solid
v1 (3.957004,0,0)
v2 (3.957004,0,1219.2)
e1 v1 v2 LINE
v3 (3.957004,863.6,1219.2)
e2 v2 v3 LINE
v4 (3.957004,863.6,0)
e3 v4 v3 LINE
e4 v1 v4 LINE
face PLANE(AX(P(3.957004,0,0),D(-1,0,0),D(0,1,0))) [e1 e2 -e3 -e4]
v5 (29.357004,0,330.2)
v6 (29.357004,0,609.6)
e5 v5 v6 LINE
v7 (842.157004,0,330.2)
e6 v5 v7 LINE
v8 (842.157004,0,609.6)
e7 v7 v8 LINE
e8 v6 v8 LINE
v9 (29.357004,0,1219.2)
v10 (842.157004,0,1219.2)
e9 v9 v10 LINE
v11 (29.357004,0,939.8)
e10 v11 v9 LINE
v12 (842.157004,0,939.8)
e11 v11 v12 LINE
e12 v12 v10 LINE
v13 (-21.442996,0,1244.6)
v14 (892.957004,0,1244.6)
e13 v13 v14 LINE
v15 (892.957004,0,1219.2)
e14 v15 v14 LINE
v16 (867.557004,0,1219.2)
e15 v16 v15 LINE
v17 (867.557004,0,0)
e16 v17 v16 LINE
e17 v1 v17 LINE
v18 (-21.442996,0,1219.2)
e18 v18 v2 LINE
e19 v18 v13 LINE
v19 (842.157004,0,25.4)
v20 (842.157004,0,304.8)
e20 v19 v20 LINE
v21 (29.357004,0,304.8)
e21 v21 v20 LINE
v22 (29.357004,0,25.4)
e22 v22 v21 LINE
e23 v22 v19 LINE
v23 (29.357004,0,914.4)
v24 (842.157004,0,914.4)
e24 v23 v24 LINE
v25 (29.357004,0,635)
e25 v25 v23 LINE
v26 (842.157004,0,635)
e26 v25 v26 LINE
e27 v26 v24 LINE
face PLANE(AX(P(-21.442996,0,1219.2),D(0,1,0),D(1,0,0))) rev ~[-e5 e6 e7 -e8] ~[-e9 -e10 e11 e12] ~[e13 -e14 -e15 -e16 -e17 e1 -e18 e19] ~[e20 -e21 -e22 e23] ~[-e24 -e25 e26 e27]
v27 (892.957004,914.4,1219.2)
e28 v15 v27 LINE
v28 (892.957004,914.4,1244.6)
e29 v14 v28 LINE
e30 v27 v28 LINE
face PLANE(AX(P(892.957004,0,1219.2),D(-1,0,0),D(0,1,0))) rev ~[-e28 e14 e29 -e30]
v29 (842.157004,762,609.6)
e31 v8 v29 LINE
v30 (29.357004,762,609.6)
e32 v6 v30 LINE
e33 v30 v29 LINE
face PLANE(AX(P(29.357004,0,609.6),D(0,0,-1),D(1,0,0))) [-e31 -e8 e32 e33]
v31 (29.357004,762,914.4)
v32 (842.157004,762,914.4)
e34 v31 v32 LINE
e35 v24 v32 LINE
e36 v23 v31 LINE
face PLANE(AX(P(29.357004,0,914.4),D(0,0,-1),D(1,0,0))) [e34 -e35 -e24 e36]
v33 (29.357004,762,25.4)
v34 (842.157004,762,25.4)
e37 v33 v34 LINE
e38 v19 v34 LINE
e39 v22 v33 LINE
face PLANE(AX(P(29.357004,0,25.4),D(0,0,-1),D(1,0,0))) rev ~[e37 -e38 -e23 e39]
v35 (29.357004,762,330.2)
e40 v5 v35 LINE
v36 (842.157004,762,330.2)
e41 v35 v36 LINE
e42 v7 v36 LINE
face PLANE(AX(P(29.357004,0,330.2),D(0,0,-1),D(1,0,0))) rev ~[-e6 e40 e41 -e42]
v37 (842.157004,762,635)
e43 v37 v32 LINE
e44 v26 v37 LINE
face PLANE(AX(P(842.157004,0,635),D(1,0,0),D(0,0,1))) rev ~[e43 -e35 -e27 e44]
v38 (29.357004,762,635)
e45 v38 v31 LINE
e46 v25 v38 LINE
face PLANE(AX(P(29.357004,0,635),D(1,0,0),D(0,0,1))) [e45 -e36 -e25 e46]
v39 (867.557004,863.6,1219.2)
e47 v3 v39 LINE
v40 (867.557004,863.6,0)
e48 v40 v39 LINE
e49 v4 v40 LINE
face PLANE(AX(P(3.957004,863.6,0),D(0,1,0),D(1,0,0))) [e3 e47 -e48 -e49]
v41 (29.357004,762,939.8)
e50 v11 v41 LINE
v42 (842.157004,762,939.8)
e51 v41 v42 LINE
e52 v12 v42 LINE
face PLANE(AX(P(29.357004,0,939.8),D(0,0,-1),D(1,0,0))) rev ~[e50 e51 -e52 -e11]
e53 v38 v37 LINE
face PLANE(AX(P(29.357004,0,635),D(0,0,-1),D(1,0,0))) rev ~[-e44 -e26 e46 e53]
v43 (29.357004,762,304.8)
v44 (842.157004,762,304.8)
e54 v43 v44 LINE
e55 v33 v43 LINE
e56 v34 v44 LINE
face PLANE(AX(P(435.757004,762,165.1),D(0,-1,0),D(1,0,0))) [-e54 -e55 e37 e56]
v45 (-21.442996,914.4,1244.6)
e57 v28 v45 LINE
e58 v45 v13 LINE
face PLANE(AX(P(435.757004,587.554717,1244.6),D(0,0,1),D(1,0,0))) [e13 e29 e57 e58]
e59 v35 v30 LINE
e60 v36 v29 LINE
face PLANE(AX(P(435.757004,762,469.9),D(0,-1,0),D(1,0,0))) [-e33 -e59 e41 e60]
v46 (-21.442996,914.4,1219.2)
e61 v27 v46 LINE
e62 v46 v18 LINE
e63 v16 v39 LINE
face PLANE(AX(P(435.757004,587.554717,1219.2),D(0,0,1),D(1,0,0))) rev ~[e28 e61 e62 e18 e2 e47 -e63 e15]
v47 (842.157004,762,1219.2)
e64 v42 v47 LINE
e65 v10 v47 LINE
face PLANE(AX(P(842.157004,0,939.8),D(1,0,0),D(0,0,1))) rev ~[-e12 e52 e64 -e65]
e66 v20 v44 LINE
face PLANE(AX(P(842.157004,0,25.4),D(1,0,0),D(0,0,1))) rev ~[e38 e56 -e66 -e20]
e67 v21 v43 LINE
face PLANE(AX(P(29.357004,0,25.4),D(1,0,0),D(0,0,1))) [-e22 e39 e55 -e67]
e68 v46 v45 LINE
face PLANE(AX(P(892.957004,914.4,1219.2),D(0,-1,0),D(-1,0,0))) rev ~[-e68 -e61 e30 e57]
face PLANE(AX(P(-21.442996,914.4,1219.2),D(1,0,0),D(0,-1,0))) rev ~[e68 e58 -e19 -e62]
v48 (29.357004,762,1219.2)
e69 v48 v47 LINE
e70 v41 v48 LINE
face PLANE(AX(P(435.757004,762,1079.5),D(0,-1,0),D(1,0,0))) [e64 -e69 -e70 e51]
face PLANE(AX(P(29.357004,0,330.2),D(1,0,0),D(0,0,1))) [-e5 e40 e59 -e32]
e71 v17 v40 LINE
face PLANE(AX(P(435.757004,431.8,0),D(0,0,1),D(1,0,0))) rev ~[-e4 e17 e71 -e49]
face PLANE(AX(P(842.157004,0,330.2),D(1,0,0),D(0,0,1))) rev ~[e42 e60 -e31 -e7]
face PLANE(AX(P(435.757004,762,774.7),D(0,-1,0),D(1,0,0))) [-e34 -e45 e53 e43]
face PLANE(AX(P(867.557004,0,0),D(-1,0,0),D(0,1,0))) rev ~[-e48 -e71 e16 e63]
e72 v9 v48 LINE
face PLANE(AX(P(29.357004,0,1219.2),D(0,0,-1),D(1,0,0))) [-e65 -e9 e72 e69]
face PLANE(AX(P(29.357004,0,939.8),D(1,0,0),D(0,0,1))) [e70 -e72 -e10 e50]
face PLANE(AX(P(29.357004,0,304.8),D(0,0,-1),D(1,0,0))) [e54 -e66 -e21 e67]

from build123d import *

# Parameters (mm, degrees)
F0_W     = 863.6
F0_H     = 863.6
F1_DEPTH = 1219.2
F2_W     = 863.6
F2_H     = 863.6
F3_DEPTH = 25.4
F4_W     = 812.8
F4_H     = 279.4
F5_DEPTH = 762


with BuildPart() as f1:
    # F0 (on Top) → F1 (new body)
    with BuildSketch(Plane.XY):
        with Locations((435.757004, 431.8)):
            Rectangle(F0_W, F0_H)
    extrude(amount=F1_DEPTH)

    # F2 (on face) → F3 (join)
    with BuildSketch(Plane.XY.offset(1219.2)):
        Polygon((867.557004, 863.6), (867.557004, 0), (892.957004, 0), (892.957004, 914.4), (-21.442996, 914.4), (-21.442996, 0), (3.957004, 0), (3.957004, 863.6), align=None)
        with Locations((435.757004, 431.8)):
            Rectangle(F2_W, F2_H)
    extrude(amount=F3_DEPTH)

    # F4 (on face) → F5 (cut)
    with BuildSketch(Plane.XZ):
        with Locations((435.757004, 1079.5)):
            Rectangle(F4_W, F4_H)
        with Locations((435.757004, 774.7)):
            Rectangle(F4_W, F4_H)
        with Locations((435.757004, 469.9)):
            Rectangle(F4_W, F4_H)
        with Locations((435.757004, 165.1)):
            Rectangle(F4_W, F4_H)
    extrude(amount=-F5_DEPTH, mode=Mode.SUBTRACT)


solid = f1.part
